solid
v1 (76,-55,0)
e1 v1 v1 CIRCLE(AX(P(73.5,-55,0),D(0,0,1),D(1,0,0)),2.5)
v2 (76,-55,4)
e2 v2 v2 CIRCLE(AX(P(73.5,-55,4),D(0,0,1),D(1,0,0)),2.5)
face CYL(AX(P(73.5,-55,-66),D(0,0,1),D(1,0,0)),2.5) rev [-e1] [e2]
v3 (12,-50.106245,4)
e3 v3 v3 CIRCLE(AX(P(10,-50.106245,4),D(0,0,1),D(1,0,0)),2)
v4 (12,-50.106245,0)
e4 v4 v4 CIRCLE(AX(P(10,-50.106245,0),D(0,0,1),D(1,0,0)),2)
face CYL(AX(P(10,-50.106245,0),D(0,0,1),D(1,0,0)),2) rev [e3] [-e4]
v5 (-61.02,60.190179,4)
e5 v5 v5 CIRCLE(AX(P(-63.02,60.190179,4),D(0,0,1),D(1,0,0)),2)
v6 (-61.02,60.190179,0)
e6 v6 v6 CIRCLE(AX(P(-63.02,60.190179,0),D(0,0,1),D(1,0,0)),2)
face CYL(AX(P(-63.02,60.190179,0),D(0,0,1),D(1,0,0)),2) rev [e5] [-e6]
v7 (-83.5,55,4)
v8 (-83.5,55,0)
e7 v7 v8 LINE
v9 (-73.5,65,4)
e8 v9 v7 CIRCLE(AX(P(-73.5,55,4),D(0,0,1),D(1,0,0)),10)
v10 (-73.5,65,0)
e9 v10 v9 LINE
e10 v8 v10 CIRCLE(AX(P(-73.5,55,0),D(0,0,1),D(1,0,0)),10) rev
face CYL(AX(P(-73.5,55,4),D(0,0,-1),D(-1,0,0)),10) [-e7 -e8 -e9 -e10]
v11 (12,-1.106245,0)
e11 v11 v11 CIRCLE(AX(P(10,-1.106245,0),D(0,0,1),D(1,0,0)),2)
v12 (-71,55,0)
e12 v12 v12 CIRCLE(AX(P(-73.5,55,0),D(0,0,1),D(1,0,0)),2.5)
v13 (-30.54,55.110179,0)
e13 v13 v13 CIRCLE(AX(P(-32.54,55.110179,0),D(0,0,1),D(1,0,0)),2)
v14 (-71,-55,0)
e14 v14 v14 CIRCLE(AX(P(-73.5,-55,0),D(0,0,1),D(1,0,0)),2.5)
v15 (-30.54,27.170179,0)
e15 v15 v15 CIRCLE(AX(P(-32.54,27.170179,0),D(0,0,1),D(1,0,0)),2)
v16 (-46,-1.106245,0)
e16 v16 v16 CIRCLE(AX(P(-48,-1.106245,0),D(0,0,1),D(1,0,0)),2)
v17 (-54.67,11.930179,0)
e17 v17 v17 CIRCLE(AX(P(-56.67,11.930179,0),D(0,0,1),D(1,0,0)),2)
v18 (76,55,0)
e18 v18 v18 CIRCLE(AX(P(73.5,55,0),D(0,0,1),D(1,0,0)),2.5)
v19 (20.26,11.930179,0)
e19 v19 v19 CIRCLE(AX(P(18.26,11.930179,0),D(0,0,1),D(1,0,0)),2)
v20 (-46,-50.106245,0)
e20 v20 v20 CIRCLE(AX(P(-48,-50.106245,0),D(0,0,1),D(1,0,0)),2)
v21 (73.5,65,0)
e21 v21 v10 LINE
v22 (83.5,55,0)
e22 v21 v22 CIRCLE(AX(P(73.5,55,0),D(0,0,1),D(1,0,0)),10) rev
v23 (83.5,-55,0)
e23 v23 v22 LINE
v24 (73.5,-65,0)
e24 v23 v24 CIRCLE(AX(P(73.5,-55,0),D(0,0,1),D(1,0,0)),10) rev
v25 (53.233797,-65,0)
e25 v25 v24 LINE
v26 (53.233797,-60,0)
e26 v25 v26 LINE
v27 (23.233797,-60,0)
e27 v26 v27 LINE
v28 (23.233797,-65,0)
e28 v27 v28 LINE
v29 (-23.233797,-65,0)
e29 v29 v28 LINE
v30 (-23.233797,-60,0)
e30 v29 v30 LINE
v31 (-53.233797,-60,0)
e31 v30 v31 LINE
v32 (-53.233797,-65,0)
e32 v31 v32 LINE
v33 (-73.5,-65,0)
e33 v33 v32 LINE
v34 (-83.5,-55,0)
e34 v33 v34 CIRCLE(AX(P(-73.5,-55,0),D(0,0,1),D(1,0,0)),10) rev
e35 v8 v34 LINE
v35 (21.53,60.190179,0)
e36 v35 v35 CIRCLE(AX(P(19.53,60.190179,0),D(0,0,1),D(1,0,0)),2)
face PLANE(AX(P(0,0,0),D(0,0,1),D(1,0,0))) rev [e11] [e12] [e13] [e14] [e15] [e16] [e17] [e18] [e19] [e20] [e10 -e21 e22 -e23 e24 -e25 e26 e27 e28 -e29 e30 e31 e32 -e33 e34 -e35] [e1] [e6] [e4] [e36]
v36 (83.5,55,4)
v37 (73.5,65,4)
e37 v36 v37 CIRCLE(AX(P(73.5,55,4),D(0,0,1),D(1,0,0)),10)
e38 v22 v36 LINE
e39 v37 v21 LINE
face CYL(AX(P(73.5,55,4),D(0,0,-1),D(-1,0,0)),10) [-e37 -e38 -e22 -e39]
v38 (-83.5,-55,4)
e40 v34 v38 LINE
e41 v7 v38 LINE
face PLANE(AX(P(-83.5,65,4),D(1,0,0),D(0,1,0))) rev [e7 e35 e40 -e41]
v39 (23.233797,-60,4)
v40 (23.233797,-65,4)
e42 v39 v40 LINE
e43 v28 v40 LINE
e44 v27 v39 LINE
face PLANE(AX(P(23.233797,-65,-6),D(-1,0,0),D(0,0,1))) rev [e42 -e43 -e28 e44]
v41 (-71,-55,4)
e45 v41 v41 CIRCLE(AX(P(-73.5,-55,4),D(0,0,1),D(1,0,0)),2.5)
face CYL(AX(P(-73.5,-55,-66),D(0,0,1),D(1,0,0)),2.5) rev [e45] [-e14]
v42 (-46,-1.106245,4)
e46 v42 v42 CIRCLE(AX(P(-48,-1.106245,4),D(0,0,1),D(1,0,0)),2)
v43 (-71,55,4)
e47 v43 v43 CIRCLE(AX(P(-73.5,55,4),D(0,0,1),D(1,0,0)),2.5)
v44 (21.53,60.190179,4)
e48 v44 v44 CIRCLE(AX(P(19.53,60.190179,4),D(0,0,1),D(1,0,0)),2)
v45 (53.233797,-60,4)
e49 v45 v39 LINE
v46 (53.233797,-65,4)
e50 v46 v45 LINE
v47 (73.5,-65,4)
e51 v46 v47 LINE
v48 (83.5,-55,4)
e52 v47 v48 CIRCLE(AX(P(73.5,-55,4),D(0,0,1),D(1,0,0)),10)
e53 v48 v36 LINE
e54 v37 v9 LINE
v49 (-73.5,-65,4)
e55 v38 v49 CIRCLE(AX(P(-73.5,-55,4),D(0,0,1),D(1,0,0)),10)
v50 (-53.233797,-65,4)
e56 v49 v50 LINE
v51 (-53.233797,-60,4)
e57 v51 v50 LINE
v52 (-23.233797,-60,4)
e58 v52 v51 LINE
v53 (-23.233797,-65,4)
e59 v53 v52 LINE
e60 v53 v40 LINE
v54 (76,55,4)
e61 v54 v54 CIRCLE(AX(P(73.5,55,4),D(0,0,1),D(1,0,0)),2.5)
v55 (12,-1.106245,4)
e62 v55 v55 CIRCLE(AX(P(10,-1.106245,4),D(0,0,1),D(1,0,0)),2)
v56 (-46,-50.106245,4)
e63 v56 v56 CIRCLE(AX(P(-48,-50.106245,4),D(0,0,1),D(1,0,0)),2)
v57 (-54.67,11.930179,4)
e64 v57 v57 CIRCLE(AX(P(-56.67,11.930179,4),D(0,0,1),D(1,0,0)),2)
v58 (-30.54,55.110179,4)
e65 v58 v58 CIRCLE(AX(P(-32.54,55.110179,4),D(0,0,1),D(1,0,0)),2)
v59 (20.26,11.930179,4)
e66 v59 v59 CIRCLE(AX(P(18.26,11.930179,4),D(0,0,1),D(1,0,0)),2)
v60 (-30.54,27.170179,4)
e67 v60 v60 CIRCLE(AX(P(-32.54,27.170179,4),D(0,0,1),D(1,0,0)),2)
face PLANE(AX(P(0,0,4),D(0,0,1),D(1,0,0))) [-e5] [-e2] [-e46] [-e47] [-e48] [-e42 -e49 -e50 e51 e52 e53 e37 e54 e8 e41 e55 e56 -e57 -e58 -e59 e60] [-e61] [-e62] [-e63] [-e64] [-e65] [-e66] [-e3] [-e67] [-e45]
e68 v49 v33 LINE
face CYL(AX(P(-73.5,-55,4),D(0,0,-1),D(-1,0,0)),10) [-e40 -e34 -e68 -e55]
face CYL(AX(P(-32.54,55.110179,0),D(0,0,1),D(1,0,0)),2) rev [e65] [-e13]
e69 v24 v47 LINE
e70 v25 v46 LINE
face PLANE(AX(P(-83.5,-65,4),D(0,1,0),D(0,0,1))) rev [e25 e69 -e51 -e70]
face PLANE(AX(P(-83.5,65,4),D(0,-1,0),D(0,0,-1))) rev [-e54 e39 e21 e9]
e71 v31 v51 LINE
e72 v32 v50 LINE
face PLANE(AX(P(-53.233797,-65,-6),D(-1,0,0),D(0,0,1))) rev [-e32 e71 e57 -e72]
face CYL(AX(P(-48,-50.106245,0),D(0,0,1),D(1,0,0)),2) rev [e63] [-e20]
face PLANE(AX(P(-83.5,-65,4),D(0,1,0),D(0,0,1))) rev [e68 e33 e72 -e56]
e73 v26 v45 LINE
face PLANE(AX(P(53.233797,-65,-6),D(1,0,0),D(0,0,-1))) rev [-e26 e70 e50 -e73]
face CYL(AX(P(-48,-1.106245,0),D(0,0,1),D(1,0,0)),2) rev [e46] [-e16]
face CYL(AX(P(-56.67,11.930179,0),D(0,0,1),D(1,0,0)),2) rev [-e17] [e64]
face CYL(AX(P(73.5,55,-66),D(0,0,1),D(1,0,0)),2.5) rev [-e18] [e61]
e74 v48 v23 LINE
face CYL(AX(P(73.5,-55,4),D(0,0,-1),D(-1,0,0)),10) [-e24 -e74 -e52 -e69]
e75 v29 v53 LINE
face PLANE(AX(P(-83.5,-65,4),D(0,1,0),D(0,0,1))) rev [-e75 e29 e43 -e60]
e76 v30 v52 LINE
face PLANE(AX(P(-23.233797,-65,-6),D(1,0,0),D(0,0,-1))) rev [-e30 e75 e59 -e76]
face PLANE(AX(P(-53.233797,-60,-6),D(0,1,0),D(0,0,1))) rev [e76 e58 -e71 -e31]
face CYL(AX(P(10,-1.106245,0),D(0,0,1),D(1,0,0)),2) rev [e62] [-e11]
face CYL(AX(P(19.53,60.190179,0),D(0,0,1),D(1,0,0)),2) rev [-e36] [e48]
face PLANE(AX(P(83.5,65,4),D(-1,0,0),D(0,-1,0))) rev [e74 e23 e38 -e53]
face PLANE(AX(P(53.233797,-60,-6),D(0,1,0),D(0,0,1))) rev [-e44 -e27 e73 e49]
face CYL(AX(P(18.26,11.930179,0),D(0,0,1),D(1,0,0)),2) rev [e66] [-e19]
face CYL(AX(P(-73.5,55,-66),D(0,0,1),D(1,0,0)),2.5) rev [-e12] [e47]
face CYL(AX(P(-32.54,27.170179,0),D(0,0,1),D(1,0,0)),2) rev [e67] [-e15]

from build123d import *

# Parameters (mm, degrees)
SKETCH1_W           = 167
SKETCH1_H           = 130
BOSS_EXTRUDE1_DEPTH = 4
FILLET1_R           = 10
FILLET2_R           = 10
SKETCH5_R           = 2.5
CUT_EXTRUDE4_DEPTH  = 70
SKETCH6_W           = 30
SKETCH6_H           = 5
CUT_EXTRUDE5_DEPTH  = 10
SKETCH10_R          = 2
CUT_EXTRUDE9_DEPTH  = 106.892634305
SKETCH11_R          = 2
CUT_EXTRUDE10_DEPTH = 106.892634305


with BuildPart() as part:
    # Sketch1 → Boss-Extrude1 (new body)
    with BuildSketch(Plane.XY):
        Rectangle(SKETCH1_W, SKETCH1_H)
    extrude(amount=BOSS_EXTRUDE1_DEPTH)

    # Fillet1
    fillet1_edges = [part.edges().sort_by_distance(p)[0] for p in [
        (-83.5, -65, 2),
        (-83.5, 65, 2),
    ]]
    fillet(fillet1_edges, radius=FILLET1_R)

    # Fillet2
    fillet2_edges = [part.edges().sort_by_distance(p)[0] for p in [
        (83.5, -65, 2),
        (83.5, 65, 2),
    ]]
    fillet(fillet2_edges, radius=FILLET2_R)

    # Sketch5 → Cut-Extrude4 (cut)
    with BuildSketch(Plane.XY.offset(4)):
        with Locations((-73.5, 55)):
            Circle(SKETCH5_R)
        with Locations((73.5, 55)):
            Circle(SKETCH5_R)
        with Locations((-73.5, -55)):
            Circle(SKETCH5_R)
        with Locations((73.5, -55)):
            Circle(SKETCH5_R)
    extrude(amount=-CUT_EXTRUDE4_DEPTH, mode=Mode.SUBTRACT)

    # Sketch6 → Cut-Extrude5 (cut)
    with BuildSketch(Plane.XY.offset(4)):
        with Locations((-38.233797414, -62.5)):
            Rectangle(SKETCH6_W, SKETCH6_H)
        with Locations((38.233797414, -62.5)):
            Rectangle(SKETCH6_W, SKETCH6_H)
    extrude(amount=-CUT_EXTRUDE5_DEPTH, mode=Mode.SUBTRACT)

    # Sketch10 → Cut-Extrude9 (cut, through all)
    with BuildSketch(Plane.XY.offset(4)):
        with Locations((-48, -1.106245372)):
            Circle(SKETCH10_R)
        with Locations((10, -50.106245372)):
            Circle(SKETCH10_R)
        with Locations((-48, -50.106245372)):
            Circle(SKETCH10_R)
        with Locations((10, -1.106245372)):
            Circle(SKETCH10_R)
    extrude(amount=-CUT_EXTRUDE9_DEPTH, mode=Mode.SUBTRACT)

    # Sketch11 → Cut-Extrude10 (cut, through all)
    with BuildSketch(Plane.XY.offset(4)):
        with Locations((-63.02, 60.190179321)):
            Circle(SKETCH11_R)
        with Locations((-32.54, 55.110179321)):
            Circle(SKETCH11_R)
        with Locations((-32.54, 27.170179321)):
            Circle(SKETCH11_R)
        with Locations((19.53, 60.190179321)):
            Circle(SKETCH11_R)
        with Locations((18.26, 11.930179321)):
            Circle(SKETCH11_R)
        with Locations((-56.67, 11.930179321)):
            Circle(SKETCH11_R)
    extrude(amount=-CUT_EXTRUDE10_DEPTH, mode=Mode.SUBTRACT)


solid = part.part
